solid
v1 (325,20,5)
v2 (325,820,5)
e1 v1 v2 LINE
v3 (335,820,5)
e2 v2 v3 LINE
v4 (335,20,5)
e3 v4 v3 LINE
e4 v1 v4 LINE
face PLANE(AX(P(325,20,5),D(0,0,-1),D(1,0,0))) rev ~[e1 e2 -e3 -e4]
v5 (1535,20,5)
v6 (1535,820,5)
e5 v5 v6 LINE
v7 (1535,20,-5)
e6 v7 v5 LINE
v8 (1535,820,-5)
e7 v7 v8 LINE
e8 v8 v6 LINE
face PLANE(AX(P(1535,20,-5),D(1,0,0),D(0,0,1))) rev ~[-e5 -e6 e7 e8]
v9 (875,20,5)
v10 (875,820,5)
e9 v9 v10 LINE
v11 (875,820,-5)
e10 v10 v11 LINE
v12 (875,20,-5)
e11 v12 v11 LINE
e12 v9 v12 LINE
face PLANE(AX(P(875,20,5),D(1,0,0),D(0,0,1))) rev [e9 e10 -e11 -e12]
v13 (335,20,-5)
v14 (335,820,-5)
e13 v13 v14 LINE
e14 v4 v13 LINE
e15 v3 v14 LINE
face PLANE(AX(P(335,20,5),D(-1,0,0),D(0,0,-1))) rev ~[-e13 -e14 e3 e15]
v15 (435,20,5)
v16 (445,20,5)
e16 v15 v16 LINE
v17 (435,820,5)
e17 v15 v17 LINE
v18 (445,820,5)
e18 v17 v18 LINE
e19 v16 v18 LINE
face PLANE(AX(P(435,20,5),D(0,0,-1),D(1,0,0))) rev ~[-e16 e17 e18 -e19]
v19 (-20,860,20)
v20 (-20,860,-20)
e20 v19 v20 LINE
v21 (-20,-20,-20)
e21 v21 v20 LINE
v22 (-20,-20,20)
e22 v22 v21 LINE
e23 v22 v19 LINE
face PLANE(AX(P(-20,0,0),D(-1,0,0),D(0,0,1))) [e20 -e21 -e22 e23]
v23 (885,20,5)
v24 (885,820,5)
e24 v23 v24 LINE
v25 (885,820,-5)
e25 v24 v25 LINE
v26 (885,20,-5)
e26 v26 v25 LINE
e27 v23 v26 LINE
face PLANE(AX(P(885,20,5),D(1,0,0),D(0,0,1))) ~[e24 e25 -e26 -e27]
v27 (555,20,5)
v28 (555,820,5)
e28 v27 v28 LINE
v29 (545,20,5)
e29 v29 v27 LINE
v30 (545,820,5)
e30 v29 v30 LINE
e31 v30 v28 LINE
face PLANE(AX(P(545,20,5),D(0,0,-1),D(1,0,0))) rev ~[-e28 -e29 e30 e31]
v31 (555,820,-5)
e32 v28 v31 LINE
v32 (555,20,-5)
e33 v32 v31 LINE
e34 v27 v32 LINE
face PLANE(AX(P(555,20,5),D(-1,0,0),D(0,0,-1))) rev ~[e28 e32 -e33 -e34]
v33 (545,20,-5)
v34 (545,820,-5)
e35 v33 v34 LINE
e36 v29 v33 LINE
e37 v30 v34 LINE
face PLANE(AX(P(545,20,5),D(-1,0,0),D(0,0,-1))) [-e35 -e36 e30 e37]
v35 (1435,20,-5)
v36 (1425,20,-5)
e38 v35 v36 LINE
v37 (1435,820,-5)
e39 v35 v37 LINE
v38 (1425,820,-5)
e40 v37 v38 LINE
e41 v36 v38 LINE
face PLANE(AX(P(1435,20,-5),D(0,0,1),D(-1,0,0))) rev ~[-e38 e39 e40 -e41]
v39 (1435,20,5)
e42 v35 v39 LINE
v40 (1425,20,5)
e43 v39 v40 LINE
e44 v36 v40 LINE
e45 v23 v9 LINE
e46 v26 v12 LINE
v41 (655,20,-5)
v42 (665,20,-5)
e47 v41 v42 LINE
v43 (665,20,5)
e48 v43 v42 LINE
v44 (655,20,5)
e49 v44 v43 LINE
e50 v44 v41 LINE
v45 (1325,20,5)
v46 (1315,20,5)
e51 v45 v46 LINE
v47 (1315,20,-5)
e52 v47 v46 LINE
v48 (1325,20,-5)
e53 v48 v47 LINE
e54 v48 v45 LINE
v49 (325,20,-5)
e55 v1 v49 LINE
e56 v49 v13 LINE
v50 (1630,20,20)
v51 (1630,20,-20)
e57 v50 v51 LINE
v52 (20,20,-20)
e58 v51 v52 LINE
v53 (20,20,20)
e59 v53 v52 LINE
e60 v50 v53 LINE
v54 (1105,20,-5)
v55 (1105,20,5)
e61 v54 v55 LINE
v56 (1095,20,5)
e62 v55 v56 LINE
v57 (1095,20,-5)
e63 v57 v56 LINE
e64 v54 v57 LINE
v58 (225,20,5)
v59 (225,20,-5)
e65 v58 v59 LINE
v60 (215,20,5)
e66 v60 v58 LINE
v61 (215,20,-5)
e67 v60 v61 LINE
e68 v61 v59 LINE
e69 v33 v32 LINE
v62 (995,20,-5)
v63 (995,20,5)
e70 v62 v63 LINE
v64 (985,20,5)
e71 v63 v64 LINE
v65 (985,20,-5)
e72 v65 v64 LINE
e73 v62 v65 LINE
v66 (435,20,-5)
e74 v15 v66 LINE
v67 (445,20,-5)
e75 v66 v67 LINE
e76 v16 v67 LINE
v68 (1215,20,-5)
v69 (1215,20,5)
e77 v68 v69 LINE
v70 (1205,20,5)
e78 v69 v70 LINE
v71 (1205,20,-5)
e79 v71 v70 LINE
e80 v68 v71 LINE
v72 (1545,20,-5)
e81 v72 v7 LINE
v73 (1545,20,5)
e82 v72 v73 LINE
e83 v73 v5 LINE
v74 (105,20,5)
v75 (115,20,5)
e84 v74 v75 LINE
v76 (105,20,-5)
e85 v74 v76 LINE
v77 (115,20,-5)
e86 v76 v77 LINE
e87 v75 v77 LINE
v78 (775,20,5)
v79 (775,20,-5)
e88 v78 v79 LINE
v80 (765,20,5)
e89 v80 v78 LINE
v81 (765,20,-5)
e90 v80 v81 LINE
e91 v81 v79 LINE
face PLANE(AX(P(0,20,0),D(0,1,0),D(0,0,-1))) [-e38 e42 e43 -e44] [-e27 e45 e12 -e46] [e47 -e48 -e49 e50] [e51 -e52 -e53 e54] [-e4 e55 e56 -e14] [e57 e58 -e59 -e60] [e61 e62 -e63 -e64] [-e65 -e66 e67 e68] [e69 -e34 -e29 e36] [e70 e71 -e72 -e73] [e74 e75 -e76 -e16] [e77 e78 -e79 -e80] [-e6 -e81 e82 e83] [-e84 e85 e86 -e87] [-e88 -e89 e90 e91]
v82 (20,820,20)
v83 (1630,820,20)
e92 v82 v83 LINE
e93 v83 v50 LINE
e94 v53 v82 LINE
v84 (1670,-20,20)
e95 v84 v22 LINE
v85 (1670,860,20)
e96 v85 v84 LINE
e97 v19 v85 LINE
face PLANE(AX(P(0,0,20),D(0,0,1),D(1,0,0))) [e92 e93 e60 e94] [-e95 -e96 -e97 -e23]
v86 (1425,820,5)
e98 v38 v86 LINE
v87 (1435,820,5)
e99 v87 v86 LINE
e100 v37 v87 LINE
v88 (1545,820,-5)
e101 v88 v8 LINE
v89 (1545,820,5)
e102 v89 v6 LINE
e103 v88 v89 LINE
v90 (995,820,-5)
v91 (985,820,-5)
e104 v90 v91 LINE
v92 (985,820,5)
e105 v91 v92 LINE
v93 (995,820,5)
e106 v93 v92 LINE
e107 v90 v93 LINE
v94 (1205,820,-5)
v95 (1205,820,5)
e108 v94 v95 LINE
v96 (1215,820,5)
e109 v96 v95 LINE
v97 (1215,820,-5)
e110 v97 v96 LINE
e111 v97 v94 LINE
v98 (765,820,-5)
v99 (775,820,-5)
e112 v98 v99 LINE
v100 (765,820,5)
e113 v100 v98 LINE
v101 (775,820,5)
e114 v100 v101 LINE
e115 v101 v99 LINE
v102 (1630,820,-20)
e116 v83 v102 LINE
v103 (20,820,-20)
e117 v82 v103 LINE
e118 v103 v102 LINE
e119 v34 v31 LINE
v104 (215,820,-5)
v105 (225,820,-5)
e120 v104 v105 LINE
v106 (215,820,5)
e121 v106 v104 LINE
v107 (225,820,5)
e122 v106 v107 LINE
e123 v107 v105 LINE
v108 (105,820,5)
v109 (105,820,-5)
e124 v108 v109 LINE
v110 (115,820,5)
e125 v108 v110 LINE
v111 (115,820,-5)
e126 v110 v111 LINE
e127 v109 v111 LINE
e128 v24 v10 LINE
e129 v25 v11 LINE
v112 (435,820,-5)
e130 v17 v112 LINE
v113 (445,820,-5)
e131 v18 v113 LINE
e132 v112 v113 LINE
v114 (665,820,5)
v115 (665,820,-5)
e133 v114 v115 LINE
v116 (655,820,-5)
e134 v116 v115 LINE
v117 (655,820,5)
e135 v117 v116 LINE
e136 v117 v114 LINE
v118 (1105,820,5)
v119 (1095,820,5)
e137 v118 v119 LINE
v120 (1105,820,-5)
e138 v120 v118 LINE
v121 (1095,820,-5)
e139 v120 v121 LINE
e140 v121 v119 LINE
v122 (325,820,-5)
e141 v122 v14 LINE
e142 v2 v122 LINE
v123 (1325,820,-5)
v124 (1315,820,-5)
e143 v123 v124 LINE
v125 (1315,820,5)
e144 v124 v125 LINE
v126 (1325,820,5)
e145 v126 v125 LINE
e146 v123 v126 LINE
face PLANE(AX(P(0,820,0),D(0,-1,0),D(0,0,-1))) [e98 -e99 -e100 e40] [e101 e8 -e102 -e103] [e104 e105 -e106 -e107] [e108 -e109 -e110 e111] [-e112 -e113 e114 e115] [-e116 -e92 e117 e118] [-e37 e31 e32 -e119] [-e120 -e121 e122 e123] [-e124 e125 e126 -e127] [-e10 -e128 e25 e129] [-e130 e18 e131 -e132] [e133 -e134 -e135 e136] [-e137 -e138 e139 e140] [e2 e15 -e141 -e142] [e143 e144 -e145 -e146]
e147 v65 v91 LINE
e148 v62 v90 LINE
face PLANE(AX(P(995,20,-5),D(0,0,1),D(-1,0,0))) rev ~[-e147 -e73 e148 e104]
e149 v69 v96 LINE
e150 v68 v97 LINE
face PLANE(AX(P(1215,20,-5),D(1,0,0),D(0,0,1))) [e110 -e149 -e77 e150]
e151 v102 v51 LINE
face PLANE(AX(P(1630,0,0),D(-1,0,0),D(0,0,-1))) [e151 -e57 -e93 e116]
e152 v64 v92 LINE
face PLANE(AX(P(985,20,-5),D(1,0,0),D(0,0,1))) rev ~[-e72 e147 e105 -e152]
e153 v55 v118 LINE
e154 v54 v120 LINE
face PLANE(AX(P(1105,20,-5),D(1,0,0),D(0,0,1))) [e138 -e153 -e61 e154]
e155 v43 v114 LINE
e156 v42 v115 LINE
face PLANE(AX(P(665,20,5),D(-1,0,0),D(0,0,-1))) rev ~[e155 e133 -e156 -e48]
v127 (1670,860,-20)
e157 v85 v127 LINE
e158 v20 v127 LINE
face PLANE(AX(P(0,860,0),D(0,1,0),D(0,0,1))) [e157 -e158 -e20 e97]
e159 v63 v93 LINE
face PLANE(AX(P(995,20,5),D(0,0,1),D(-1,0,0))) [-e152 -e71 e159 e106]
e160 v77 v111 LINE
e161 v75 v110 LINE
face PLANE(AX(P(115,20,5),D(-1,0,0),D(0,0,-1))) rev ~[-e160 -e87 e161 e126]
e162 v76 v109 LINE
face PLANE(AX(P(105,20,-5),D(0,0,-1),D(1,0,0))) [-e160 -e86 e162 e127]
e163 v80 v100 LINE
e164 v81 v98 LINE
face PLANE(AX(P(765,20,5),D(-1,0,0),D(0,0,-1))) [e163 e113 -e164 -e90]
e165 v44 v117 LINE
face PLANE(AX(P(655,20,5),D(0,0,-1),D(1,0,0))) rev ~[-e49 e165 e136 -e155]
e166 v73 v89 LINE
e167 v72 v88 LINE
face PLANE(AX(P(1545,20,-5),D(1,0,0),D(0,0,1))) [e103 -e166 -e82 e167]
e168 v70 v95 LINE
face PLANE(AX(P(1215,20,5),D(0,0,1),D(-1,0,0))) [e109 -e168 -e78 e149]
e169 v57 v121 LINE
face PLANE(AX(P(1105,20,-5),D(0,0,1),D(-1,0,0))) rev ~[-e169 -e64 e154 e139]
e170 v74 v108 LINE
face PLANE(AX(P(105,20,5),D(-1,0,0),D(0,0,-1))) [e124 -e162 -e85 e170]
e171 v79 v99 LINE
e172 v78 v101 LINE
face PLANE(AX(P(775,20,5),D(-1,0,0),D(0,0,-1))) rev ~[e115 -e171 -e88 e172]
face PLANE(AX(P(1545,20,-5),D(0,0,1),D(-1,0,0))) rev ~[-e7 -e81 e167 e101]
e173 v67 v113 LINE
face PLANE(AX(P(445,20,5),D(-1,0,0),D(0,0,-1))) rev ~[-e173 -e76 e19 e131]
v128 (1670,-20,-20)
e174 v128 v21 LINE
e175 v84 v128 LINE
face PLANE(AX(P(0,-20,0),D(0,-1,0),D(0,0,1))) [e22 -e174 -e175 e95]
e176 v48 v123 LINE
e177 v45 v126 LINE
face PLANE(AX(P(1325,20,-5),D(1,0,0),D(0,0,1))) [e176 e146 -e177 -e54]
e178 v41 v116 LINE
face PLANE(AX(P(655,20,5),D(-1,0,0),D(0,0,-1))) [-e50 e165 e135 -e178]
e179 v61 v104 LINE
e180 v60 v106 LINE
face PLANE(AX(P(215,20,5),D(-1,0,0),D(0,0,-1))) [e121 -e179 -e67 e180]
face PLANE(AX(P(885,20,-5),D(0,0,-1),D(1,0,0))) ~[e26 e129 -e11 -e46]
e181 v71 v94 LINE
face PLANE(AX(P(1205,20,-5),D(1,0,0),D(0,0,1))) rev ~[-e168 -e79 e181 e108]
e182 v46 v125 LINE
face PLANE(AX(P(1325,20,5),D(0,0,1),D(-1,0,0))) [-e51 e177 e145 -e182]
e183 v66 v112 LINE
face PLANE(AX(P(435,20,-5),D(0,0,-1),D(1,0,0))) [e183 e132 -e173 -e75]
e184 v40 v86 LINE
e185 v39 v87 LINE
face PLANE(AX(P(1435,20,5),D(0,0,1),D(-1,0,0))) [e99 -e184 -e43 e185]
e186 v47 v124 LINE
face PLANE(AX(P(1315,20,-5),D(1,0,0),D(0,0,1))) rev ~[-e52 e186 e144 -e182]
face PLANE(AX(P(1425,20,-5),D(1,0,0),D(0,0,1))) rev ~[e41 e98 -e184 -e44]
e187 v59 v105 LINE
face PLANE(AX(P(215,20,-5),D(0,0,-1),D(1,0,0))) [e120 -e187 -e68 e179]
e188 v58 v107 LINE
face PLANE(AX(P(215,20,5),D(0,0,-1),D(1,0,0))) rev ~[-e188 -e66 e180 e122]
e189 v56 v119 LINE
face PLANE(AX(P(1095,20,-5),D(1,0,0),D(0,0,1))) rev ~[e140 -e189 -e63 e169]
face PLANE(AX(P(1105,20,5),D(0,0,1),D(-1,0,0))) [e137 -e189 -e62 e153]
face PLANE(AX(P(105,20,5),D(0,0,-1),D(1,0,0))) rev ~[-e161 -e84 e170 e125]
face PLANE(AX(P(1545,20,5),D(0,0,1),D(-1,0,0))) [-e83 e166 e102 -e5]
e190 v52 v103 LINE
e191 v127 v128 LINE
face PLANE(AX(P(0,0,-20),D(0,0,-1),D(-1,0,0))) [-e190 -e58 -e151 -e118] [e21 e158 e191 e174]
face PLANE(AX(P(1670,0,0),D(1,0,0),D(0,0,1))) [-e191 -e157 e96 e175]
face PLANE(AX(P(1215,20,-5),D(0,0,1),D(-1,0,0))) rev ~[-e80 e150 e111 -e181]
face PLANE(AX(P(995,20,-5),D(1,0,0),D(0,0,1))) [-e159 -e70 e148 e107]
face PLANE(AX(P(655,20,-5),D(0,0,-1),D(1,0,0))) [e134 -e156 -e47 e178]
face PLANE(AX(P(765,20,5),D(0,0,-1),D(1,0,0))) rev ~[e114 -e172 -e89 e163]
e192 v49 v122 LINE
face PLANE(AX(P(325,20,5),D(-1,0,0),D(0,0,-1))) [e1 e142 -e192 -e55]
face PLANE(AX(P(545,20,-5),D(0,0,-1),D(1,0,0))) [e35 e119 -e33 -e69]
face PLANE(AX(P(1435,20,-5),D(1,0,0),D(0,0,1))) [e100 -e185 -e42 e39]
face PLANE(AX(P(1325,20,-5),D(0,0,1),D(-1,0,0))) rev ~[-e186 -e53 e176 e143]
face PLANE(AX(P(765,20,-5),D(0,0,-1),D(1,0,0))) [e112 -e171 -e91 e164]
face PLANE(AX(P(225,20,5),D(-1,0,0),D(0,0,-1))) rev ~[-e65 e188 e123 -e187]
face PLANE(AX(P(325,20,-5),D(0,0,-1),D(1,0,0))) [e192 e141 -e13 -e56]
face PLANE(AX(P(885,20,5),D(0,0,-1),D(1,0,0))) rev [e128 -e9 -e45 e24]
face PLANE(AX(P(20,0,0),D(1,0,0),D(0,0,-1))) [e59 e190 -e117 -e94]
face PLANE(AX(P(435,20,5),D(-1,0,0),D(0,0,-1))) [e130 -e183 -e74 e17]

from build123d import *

# Parameters (mm, degrees)
SKETCH_1_W               = 40
SKETCH_1_H               = 40
SKETCH_2_W               = 10
SKETCH_2_H               = 10
EXTRUDE_1_DEPTH          = 800
PATTERN_LINEAR_1_COUNT   = 7
PATTERN_LINEAR_1_PITCH   = 110
MIRROR_1_COPY_1_SKETCH_W = 10
MIRROR_1_COPY_1_SKETCH_H = 10
MIRROR_1_COPY_1_DEPTH    = 800
MIRROR_1_COPY_2_SKETCH_W = 10
MIRROR_1_COPY_2_SKETCH_H = 10
MIRROR_1_COPY_2_DEPTH    = 800
MIRROR_1_COPY_3_SKETCH_W = 10
MIRROR_1_COPY_3_SKETCH_H = 10
MIRROR_1_COPY_3_DEPTH    = 800
MIRROR_1_COPY_4_SKETCH_W = 10
MIRROR_1_COPY_4_SKETCH_H = 10
MIRROR_1_COPY_4_DEPTH    = 800
MIRROR_1_COPY_5_SKETCH_W = 10
MIRROR_1_COPY_5_SKETCH_H = 10
MIRROR_1_COPY_5_DEPTH    = 800
MIRROR_1_COPY_6_SKETCH_W = 10
MIRROR_1_COPY_6_SKETCH_H = 10
MIRROR_1_COPY_6_DEPTH    = 800


with BuildPart() as part:
    # По траектории1: sweep along a curve in space
    with BuildLine() as sweep_1_path:
        Line((0, 0, 0), (0, 840, 0))
        Line((0, 840, 0), (1650, 840, 0))
        Line((1650, 0, 0), (1650, 840, 0))
        Line((0, 0, 0), (1650, 0, 0))
    # Эскиз1 → По траектории1 (sweep)
    with BuildSketch(Plane(origin=(0, 0, 0), x_dir=(1, 0, 0), z_dir=(0, 1, 0))):
        Rectangle(SKETCH_1_W, SKETCH_1_H)
    sweep(path=sweep_1_path.line, transition=Transition.RIGHT)

    # Эскиз2 → Бобышка-Вытянуть1 (add)
    with BuildSketch(Plane(origin=(0, 20, 0), x_dir=(1, 0, 0), z_dir=(0, 1, 0))):
        with Locations((770, 0)):
            Rectangle(SKETCH_2_W, SKETCH_2_H)
    extrude_1 = extrude(amount=EXTRUDE_1_DEPTH)

    # Линейный массив1: Бобышка-Вытянуть1 ×7
    with Locations(*[(-i * PATTERN_LINEAR_1_PITCH, 0, 0) for i in range(1, PATTERN_LINEAR_1_COUNT)]):
        add(extrude_1)

    # Зеркальное отражение1: Бобышка-Вытянуть1 across plane
    add(extrude_1.mirror(Plane.ZY.offset(-825)))

    # Зеркальное отражение1 copy 1 sketch → Зеркальное отражение1 copy 1 (add)
    with BuildSketch(Plane(origin=(1760, 20, 0), x_dir=(-1, 0, 0), z_dir=(0, 1, 0))):
        with Locations((770, 0)):
            Rectangle(MIRROR_1_COPY_1_SKETCH_W, MIRROR_1_COPY_1_SKETCH_H)
    extrude(amount=MIRROR_1_COPY_1_DEPTH)

    # Зеркальное отражение1 copy 2 sketch → Зеркальное отражение1 copy 2 (add)
    with BuildSketch(Plane(origin=(1870, 20, 0), x_dir=(-1, 0, 0), z_dir=(0, 1, 0))):
        with Locations((770, 0)):
            Rectangle(MIRROR_1_COPY_2_SKETCH_W, MIRROR_1_COPY_2_SKETCH_H)
    extrude(amount=MIRROR_1_COPY_2_DEPTH)

    # Зеркальное отражение1 copy 3 sketch → Зеркальное отражение1 copy 3 (add)
    with BuildSketch(Plane(origin=(1980, 20, 0), x_dir=(-1, 0, 0), z_dir=(0, 1, 0))):
        with Locations((770, 0)):
            Rectangle(MIRROR_1_COPY_3_SKETCH_W, MIRROR_1_COPY_3_SKETCH_H)
    extrude(amount=MIRROR_1_COPY_3_DEPTH)

    # Зеркальное отражение1 copy 4 sketch → Зеркальное отражение1 copy 4 (add)
    with BuildSketch(Plane(origin=(2090, 20, 0), x_dir=(-1, 0, 0), z_dir=(0, 1, 0))):
        with Locations((770, 0)):
            Rectangle(MIRROR_1_COPY_4_SKETCH_W, MIRROR_1_COPY_4_SKETCH_H)
    extrude(amount=MIRROR_1_COPY_4_DEPTH)

    # Зеркальное отражение1 copy 5 sketch → Зеркальное отражение1 copy 5 (add)
    with BuildSketch(Plane(origin=(2200, 20, 0), x_dir=(-1, 0, 0), z_dir=(0, 1, 0))):
        with Locations((770, 0)):
            Rectangle(MIRROR_1_COPY_5_SKETCH_W, MIRROR_1_COPY_5_SKETCH_H)
    extrude(amount=MIRROR_1_COPY_5_DEPTH)

    # Зеркальное отражение1 copy 6 sketch → Зеркальное отражение1 copy 6 (add)
    with BuildSketch(Plane(origin=(2310, 20, 0), x_dir=(-1, 0, 0), z_dir=(0, 1, 0))):
        with Locations((770, 0)):
            Rectangle(MIRROR_1_COPY_6_SKETCH_W, MIRROR_1_COPY_6_SKETCH_H)
    extrude(amount=MIRROR_1_COPY_6_DEPTH)


solid = part.part
